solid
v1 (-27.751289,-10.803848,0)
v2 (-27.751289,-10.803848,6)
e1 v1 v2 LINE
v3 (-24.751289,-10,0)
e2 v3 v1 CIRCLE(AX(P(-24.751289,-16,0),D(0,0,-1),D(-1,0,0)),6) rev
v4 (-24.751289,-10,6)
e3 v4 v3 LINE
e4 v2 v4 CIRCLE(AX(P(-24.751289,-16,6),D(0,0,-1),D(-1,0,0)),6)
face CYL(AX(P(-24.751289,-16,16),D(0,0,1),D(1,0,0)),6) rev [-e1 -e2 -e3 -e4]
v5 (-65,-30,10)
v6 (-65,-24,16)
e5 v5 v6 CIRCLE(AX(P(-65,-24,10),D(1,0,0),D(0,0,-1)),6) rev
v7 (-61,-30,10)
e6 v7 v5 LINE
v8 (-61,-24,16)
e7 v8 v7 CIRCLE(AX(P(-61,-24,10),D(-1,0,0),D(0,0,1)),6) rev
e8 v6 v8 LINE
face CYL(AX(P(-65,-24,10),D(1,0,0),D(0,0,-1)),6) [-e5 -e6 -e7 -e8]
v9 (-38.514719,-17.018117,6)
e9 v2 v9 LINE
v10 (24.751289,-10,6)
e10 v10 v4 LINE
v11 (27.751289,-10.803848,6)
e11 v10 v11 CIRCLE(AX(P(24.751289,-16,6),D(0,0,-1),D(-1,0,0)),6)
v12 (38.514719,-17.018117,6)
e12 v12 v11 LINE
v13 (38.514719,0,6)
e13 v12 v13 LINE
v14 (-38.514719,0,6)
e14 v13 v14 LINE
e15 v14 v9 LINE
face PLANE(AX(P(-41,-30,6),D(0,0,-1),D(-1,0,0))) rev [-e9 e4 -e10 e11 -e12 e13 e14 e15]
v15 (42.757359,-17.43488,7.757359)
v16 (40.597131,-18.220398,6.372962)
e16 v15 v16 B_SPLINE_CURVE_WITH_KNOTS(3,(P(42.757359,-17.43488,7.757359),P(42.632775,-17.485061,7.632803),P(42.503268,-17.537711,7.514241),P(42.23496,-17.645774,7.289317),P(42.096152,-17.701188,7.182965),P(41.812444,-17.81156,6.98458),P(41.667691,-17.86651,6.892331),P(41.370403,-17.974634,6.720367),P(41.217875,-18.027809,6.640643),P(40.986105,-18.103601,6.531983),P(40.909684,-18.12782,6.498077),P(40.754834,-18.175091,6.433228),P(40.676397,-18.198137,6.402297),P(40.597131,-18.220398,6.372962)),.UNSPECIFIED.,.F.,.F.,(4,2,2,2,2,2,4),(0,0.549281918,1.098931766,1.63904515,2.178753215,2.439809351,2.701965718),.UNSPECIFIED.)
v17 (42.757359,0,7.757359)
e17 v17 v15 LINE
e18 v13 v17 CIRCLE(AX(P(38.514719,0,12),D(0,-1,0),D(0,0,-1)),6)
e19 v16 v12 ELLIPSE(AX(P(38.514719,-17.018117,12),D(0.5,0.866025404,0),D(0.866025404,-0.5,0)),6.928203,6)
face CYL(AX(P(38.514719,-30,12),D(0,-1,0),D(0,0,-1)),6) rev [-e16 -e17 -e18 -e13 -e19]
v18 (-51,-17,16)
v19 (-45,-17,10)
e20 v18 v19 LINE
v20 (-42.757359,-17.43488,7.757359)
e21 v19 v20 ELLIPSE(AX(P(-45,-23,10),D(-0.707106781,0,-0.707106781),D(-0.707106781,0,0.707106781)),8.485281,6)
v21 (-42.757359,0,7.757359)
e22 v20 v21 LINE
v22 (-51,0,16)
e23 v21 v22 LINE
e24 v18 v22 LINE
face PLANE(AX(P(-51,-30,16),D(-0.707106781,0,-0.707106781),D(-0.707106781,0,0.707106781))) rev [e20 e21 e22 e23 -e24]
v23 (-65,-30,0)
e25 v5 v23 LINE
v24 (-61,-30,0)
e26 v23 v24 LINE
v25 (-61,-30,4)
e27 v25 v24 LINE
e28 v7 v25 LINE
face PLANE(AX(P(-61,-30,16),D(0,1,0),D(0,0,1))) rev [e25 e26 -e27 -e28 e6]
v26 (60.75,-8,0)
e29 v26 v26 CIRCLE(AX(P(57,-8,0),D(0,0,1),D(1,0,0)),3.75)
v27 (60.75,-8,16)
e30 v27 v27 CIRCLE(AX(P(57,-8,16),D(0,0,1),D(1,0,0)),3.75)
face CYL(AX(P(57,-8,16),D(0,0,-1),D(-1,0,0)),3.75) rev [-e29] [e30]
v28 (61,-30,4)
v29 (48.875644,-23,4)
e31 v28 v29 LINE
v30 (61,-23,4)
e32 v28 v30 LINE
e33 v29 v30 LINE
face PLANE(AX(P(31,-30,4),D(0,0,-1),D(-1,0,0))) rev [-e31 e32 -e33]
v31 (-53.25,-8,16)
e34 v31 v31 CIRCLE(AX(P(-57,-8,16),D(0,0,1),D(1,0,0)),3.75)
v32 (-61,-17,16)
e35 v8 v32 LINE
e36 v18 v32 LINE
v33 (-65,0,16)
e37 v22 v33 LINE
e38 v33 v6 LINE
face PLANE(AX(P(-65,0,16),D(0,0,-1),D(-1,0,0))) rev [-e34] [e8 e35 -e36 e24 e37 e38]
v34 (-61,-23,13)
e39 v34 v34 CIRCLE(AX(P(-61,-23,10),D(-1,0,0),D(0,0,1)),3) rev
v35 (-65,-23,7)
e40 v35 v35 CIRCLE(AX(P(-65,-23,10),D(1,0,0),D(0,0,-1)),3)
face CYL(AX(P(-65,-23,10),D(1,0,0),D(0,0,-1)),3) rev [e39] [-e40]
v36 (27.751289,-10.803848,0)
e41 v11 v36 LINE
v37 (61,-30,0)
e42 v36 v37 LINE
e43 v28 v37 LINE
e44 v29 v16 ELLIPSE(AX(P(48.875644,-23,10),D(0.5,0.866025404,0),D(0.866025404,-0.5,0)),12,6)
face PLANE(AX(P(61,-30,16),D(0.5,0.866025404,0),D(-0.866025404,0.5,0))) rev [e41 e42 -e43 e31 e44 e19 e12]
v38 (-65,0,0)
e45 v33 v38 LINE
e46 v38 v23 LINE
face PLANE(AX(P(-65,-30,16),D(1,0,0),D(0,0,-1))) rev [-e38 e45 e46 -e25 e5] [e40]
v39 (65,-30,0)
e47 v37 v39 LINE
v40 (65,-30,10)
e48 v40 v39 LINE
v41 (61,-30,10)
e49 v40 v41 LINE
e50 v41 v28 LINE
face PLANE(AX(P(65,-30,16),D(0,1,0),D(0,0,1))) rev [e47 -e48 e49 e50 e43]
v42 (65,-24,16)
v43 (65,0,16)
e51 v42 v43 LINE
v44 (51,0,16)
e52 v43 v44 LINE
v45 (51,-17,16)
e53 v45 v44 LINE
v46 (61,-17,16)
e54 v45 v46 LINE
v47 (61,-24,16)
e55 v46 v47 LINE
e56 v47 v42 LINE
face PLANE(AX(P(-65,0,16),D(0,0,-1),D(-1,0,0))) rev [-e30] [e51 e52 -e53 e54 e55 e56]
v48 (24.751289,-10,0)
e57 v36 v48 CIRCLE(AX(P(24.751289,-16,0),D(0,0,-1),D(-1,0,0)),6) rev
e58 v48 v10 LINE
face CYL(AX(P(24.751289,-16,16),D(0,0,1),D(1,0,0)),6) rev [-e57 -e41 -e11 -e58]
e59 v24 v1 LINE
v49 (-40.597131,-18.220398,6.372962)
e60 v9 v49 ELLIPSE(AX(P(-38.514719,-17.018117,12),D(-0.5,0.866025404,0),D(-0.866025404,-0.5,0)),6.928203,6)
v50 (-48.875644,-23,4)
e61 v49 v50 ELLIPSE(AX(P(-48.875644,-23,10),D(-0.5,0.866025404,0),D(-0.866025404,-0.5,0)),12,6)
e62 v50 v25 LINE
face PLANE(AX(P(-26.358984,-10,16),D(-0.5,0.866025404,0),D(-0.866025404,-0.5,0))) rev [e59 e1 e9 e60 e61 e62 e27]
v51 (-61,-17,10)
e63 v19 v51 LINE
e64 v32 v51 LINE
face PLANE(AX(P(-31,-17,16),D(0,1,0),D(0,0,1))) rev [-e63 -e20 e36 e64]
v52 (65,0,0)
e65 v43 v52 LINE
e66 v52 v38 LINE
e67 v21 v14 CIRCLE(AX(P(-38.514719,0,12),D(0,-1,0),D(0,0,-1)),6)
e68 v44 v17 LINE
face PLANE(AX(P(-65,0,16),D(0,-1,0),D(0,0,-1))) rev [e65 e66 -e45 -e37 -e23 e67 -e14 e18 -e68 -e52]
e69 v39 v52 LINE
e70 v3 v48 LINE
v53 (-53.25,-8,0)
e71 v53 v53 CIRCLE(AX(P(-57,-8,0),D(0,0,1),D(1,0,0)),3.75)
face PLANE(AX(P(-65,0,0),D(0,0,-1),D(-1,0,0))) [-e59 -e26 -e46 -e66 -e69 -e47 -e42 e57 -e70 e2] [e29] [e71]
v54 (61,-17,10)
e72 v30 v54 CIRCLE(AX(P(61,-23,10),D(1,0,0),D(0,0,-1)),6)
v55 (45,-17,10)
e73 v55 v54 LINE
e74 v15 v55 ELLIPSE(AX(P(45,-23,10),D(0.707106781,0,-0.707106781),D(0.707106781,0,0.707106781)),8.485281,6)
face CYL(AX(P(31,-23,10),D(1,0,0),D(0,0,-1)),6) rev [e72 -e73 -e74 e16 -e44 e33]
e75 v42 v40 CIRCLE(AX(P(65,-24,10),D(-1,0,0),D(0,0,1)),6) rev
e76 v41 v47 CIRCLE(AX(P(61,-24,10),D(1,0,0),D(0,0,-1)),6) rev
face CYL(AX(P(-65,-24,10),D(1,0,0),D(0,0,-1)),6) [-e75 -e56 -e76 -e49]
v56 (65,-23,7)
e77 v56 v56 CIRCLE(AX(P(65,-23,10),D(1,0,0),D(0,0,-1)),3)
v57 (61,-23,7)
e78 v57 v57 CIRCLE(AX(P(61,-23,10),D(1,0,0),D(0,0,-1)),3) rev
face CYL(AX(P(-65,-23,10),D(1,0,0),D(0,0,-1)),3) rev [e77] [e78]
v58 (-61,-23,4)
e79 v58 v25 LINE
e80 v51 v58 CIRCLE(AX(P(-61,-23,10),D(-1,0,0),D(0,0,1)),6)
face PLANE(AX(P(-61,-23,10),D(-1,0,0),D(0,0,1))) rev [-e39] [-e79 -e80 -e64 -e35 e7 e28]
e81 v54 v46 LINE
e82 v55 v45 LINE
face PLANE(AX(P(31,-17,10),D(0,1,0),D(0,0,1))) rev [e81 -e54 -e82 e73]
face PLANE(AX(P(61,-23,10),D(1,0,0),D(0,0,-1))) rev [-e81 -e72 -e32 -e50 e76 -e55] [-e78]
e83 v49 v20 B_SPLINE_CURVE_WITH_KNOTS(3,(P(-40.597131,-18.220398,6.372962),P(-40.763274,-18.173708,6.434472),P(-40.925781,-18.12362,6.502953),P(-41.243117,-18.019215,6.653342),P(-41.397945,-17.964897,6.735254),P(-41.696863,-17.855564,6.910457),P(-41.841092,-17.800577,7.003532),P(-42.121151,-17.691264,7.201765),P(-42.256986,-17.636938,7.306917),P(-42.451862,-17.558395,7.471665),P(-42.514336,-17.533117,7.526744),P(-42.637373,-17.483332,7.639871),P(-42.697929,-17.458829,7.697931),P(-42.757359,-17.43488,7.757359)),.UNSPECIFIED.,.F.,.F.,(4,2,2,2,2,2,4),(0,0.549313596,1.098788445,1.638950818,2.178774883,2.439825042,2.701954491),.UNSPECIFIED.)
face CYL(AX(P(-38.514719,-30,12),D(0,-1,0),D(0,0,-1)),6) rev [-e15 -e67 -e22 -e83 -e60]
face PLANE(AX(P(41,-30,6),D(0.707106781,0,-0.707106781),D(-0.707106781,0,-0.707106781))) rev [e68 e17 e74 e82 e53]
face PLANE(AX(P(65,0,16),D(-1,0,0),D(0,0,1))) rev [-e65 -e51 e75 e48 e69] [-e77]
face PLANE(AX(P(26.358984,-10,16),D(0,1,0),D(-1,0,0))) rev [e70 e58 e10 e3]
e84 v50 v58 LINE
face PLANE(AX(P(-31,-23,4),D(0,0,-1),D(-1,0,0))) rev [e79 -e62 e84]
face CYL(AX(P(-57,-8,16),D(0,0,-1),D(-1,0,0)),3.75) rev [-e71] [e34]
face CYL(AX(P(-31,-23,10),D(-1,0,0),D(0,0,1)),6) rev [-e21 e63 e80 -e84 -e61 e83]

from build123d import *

# Parameters (mm, degrees)
SKETCH2_R           = 3.75
BOSS_EXTRUDE1_DEPTH = 16
SKETCH3_R           = 3
CUT_EXTRUDE1_DEPTH  = 131
CUT_EXTRUDE2_DEPTH  = 31
CUT_EXTRUDE3_START  = -4
CUT_EXTRUDE3_DEPTH  = 30
CUT_EXTRUDE4_START  = -4
CUT_EXTRUDE4_DEPTH  = 30
FILLET1_R           = 6


with BuildPart() as part:
    # Sketch2 → Boss-Extrude1 (new body)
    with BuildSketch(Plane.XY):
        Polygon((-65, 0), (65, 0), (65, -30), (61, -30), (26.358983849, -10), (-26.358983849, -10), (-61, -30), (-65, -30), align=None)
        with Locations((-57, -8)):
            Circle(SKETCH2_R, mode=Mode.SUBTRACT)
        with Locations((57, -8)):
            Circle(SKETCH2_R, mode=Mode.SUBTRACT)
    extrude(amount=BOSS_EXTRUDE1_DEPTH)

    # Sketch3 → Cut-Extrude1 (cut, through all)
    with BuildSketch(Plane(origin=(65, 0, 0), x_dir=(0, 0, -1), z_dir=(1, 0, 0))):
        with Locations((-10, -23)):
            Circle(SKETCH3_R)
    extrude(amount=-CUT_EXTRUDE1_DEPTH, mode=Mode.SUBTRACT)

    # Sketch4 → Cut-Extrude2 (cut, through all)
    with BuildSketch(Plane(origin=(0, 0, 0), x_dir=(1, 0, 0), z_dir=(0, 1, 0))):
        Polygon((-51, -16), (-41, -6), (41, -6), (51, -16), align=None)
    extrude(amount=-CUT_EXTRUDE2_DEPTH, mode=Mode.SUBTRACT)

    # Sketch5 → Cut-Extrude3 (cut)
    with BuildSketch(Plane.ZY.offset(65).offset(CUT_EXTRUDE3_START)):
        with BuildLine():
            Line((4, -23), (4, -30))
            Line((4, -30), (16, -30))
            Line((16, -30), (16, -17))
            Line((16, -17), (10, -17))
            ThreePointArc((10, -17), (5.757359313, -18.757359313), (4, -23))
        make_face()
    extrude(amount=-CUT_EXTRUDE3_DEPTH, mode=Mode.SUBTRACT)

    # Sketch6 → Cut-Extrude4 (cut)
    with BuildSketch(Plane(origin=(65, 0, 0), x_dir=(0, 0, -1), z_dir=(1, 0, 0)).offset(CUT_EXTRUDE4_START)):
        with BuildLine():
            Line((-10, -17), (-16, -17))
            Line((-16, -17), (-16, -30))
            Line((-16, -30), (-4, -30))
            Line((-4, -30), (-4, -23))
            ThreePointArc((-4, -23), (-5.757359313, -18.757359313), (-10, -17))
        make_face()
    extrude(amount=-CUT_EXTRUDE4_DEPTH, mode=Mode.SUBTRACT)

    # Fillet1
    fillet1_edges = [part.edges().sort_by_distance(p)[0] for p in [
        (41, -9.226497308, 6),
        (-41, -9.226497308, 6),
        (-26.358983849, -10, 3),
        (26.358983849, -10, 3),
        (63, -30, 16),
        (-63, -30, 16),
    ]]
    fillet(fillet1_edges, radius=FILLET1_R)


solid = part.part
